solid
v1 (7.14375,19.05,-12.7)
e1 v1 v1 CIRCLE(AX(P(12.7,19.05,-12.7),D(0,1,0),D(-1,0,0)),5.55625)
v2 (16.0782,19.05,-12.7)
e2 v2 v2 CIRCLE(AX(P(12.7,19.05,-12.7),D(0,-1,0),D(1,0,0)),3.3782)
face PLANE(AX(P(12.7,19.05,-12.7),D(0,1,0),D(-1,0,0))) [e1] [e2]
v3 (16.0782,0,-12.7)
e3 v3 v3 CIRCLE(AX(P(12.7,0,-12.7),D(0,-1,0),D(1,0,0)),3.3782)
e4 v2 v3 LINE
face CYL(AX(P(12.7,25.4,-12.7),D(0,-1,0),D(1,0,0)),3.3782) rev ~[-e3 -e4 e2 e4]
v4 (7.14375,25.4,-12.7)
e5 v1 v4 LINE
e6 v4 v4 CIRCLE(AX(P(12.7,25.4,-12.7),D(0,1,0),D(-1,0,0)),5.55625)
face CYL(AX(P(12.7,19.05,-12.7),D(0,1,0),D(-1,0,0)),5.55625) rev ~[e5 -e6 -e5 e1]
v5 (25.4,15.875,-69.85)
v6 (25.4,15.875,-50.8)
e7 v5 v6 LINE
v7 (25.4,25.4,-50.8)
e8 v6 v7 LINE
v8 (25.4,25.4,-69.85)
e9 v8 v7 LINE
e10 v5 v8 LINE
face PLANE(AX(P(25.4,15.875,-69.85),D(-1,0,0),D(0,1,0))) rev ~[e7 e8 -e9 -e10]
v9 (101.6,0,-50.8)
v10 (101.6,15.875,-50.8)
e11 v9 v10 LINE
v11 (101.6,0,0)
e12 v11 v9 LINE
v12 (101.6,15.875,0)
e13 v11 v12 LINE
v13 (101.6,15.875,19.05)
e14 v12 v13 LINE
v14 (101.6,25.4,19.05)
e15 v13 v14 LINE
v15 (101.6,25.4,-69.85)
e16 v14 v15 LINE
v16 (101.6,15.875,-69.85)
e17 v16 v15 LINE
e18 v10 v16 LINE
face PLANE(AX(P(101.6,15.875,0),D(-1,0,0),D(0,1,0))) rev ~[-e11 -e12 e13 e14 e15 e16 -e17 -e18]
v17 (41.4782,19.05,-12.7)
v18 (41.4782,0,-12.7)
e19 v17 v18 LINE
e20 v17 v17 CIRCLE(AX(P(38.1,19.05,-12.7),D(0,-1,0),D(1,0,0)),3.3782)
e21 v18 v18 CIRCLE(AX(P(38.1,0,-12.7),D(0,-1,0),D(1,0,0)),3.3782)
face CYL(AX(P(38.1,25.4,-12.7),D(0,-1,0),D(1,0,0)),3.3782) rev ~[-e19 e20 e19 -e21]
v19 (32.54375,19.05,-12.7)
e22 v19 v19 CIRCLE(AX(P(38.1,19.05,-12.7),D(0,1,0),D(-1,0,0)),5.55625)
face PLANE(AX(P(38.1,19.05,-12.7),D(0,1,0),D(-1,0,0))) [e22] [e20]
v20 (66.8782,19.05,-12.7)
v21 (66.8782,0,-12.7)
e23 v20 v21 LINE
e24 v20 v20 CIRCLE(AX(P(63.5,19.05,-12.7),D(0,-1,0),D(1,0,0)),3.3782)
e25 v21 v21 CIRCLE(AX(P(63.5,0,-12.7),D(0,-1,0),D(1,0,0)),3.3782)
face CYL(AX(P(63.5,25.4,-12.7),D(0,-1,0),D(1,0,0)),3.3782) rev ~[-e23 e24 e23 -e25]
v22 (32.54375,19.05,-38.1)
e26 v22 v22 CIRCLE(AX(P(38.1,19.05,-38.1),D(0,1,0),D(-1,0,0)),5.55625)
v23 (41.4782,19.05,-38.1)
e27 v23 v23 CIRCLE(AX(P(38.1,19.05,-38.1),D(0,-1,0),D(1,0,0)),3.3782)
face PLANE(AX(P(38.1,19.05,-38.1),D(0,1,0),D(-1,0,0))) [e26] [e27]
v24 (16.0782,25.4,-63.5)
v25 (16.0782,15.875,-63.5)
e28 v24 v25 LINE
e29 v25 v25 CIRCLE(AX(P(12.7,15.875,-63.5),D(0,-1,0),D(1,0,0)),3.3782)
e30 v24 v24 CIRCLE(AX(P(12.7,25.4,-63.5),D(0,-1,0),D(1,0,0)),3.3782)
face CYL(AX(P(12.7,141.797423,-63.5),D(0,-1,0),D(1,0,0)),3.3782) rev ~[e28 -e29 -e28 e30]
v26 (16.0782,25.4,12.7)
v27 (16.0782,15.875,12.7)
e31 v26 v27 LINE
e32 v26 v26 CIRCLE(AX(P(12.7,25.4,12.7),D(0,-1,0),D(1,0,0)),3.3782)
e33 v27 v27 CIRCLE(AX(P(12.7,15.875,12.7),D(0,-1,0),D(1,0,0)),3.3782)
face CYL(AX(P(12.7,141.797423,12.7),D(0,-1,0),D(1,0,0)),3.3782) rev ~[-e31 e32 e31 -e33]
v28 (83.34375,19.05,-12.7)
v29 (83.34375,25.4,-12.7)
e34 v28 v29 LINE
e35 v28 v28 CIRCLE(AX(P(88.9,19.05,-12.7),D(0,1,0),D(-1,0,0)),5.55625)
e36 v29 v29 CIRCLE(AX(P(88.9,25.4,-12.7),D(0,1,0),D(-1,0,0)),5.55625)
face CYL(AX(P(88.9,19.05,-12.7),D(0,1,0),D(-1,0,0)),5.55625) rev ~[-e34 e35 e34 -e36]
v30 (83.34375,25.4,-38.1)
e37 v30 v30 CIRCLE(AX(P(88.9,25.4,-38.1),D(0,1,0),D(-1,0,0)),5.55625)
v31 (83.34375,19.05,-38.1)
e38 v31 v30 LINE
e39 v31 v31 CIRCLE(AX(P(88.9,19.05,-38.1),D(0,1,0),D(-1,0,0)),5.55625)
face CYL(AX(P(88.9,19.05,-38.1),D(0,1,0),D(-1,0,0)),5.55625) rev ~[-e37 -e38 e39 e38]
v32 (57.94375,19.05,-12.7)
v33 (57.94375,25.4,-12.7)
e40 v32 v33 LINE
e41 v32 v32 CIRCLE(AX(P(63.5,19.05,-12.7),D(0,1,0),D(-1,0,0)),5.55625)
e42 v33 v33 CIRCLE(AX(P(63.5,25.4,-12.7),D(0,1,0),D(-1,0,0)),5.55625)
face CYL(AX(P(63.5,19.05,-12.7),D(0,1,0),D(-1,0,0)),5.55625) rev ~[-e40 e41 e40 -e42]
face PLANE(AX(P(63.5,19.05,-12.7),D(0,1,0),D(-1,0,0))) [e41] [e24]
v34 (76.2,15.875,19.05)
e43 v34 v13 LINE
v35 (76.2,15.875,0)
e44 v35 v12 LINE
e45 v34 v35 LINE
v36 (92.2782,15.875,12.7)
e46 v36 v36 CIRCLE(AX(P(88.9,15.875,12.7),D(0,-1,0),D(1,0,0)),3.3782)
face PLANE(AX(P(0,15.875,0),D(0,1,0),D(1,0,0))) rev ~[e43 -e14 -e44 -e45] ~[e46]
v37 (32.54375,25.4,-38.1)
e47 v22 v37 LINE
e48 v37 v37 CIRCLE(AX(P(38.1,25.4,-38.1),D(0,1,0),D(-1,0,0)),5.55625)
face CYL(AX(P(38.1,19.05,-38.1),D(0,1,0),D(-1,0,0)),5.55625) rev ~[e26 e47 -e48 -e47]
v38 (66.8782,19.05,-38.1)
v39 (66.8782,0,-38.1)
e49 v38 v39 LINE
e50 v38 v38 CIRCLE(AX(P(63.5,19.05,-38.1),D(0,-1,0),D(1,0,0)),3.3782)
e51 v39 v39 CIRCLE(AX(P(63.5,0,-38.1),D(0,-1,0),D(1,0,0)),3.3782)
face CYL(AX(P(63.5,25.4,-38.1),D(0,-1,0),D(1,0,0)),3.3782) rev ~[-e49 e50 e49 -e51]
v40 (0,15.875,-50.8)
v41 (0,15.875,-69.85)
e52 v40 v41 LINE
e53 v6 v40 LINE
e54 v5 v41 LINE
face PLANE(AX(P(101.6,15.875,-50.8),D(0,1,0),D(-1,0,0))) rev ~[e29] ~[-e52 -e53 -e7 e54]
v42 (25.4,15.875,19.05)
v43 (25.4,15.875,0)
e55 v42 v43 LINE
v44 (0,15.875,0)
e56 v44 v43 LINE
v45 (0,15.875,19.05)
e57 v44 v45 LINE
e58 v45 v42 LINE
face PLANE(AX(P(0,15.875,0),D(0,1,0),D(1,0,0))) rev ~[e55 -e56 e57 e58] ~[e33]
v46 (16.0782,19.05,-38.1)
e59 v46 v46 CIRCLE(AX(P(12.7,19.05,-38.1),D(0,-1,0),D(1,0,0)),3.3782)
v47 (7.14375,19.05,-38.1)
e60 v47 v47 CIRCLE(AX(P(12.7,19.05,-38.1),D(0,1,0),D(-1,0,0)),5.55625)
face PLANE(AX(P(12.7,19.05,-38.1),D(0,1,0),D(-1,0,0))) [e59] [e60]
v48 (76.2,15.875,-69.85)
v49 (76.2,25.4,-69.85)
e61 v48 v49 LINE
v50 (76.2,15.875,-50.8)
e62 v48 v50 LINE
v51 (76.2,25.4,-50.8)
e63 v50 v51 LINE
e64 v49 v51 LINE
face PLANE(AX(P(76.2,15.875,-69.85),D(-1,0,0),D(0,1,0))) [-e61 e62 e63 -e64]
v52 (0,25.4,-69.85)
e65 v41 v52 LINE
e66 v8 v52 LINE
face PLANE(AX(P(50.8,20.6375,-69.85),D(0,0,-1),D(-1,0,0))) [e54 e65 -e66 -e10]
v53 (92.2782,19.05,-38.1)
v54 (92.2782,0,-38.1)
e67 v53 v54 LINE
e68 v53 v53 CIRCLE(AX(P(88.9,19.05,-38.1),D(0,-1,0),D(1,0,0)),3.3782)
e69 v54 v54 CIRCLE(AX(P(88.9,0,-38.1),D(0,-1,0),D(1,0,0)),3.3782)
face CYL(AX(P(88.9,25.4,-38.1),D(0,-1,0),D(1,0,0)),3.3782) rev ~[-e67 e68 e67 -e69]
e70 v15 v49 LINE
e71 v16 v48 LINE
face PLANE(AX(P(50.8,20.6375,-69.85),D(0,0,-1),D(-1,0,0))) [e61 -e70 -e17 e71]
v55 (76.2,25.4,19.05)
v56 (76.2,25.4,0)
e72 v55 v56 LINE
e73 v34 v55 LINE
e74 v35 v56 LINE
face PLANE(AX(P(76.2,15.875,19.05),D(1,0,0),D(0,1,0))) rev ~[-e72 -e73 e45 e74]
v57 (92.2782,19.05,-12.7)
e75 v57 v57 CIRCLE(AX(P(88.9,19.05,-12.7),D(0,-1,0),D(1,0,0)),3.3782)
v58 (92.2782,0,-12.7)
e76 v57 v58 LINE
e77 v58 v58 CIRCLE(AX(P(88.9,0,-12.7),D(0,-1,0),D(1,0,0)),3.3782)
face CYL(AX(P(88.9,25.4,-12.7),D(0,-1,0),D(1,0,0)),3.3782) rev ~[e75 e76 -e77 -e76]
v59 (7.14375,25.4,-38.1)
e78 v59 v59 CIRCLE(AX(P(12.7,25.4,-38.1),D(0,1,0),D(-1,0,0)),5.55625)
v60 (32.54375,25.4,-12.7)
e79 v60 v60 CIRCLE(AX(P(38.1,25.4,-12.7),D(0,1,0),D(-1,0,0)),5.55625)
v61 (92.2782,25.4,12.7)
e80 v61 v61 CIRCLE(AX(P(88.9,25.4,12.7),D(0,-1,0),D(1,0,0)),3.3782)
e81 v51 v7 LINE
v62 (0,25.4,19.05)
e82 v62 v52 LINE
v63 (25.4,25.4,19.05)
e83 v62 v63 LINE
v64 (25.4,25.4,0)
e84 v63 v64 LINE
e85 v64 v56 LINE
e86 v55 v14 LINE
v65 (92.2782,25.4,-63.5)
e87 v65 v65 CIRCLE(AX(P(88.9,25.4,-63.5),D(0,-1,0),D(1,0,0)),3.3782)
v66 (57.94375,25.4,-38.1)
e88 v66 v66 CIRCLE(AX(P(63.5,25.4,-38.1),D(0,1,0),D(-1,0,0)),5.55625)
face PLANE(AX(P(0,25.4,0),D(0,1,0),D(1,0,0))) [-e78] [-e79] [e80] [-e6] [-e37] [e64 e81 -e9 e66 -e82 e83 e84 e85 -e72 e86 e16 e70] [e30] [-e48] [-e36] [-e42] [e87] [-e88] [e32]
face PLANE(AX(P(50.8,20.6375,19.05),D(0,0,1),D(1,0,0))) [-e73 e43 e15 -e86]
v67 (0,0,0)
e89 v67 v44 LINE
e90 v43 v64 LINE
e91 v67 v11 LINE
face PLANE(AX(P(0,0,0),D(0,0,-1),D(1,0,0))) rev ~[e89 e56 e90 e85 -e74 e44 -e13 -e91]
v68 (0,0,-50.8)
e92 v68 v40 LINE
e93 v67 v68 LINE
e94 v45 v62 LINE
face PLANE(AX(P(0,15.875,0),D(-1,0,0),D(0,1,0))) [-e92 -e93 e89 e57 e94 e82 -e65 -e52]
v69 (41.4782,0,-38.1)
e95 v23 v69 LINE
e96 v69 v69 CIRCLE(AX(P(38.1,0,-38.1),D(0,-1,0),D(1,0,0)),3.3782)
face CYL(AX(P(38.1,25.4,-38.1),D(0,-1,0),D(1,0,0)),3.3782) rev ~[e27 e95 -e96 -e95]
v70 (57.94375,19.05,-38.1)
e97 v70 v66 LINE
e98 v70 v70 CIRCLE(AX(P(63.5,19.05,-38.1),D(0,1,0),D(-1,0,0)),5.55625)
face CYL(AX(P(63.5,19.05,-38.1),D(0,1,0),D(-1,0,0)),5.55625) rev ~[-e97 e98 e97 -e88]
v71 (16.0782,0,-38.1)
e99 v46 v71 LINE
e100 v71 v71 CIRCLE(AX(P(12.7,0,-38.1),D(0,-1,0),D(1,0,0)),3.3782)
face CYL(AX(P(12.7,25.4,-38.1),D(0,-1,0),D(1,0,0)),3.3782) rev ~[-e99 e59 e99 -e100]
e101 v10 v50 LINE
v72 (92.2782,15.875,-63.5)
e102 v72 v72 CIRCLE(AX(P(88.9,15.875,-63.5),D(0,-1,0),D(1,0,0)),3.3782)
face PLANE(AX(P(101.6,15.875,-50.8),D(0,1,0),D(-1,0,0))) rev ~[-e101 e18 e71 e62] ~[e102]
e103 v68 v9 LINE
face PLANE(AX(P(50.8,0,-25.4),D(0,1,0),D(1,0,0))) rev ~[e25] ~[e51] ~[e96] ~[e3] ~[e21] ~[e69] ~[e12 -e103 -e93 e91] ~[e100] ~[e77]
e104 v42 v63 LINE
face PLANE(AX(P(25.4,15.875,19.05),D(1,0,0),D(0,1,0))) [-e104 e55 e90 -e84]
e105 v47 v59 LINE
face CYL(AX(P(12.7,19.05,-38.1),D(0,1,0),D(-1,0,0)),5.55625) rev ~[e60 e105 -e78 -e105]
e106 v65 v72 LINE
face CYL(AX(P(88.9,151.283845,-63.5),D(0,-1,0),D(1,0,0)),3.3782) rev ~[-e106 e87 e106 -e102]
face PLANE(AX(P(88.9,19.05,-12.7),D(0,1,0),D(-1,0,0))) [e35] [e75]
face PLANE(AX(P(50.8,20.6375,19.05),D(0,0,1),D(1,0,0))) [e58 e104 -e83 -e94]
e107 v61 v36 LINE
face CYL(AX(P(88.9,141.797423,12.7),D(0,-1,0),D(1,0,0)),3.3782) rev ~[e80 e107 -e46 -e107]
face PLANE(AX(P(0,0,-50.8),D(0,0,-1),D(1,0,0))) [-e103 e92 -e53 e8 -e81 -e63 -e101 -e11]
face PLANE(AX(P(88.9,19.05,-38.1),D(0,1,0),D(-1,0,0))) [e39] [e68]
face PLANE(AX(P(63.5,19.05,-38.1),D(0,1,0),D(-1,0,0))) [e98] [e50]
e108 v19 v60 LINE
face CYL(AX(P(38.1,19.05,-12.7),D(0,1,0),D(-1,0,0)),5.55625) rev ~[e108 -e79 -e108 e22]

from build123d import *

# Parameters (mm, degrees)
SKETCH1_W                                        = 101.6
SKETCH1_H                                        = 50.8
BOSS_EXTRUDE1_DEPTH                              = 25.4
CBORE_FOR_1_4_SOCKET_HEAD_CAP_SCREW1_D           = 6.7564
CBORE_FOR_1_4_SOCKET_HEAD_CAP_SCREW1_CBORE_D     = 11.1125
CBORE_FOR_1_4_SOCKET_HEAD_CAP_SCREW1_CBORE_DEPTH = 6.35
LPATTERN1_COUNT                                  = 2
LPATTERN1_PITCH                                  = 25.4
LPATTERN1_COUNT_DIR2                             = 4
LPATTERN1_PITCH_DIR2                             = 25.4
F_1_4_CLEARANCE_HOLE1_D                          = 6.7564
LPATTERN2_COUNT                                  = 4
LPATTERN2_PITCH                                  = 25.4
SKETCH7_W                                        = 101.6
SKETCH7_H                                        = 9.525
BOSS_EXTRUDE2_DEPTH                              = 19.05
LPATTERN3_COUNT                                  = 2
LPATTERN3_PITCH                                  = 25.4
LPATTERN4_COPY_1_D                               = 6.7564
LPATTERN4_COPY_2_D                               = 6.7564
SKETCH11_W                                       = 101.6
SKETCH11_H                                       = 9.525
BOSS_EXTRUDE3_DEPTH                              = 19.05
SKETCH8_W                                        = 50.8
SKETCH8_H                                        = 9.525
CUT_EXTRUDE1_DEPTH                               = 19.05
SKETCH12_W                                       = 50.8
SKETCH12_H                                       = 9.525
CUT_EXTRUDE2_DEPTH                               = 19.05
LPATTERN5_COUNT                                  = 2
LPATTERN5_PITCH                                  = 50.8
LPATTERN5_COUNT_DIR2                             = 2
LPATTERN5_PITCH_DIR2                             = 76.2


with BuildPart() as part:
    # Sketch1 → Boss-Extrude1 (new body)
    with BuildSketch(Plane(origin=(0, 0, 0), x_dir=(1, 0, 0), z_dir=(0, 1, 0))):
        with Locations((50.8, 25.4)):
            Rectangle(SKETCH1_W, SKETCH1_H)
    extrude(amount=BOSS_EXTRUDE1_DEPTH)

    # CBORE for 1/4 Socket Head Cap Screw1 (through all)
    with Locations(Plane(origin=(0, 25.4, 0), x_dir=(-1, 0, 0), z_dir=(0, 1, 0))):
        with Locations((-12.7, -12.7)):
            cbore_for_1_4_socket_head_cap_screw1 = CounterBoreHole(CBORE_FOR_1_4_SOCKET_HEAD_CAP_SCREW1_D / 2, CBORE_FOR_1_4_SOCKET_HEAD_CAP_SCREW1_CBORE_D / 2, CBORE_FOR_1_4_SOCKET_HEAD_CAP_SCREW1_CBORE_DEPTH)

    # LPattern1: CBORE for 1_4 Socket Head Cap Screw1 2 × 4
    with Locations(*[(j * LPATTERN1_PITCH_DIR2, 0, -i * LPATTERN1_PITCH) for i in range(LPATTERN1_COUNT) for j in range(LPATTERN1_COUNT_DIR2) if (i, j) != (0, 0)]):
        add(cbore_for_1_4_socket_head_cap_screw1, mode=Mode.SUBTRACT)

    # 1/4 Clearance Hole1 (through all)
    with Locations(Plane(origin=(0, 25.4, 0), x_dir=(-1, 0, 0), z_dir=(0, 1, 0))):
        with Locations((-12.7, -38.1)):
            f_1_4_clearance_hole1 = Hole(F_1_4_CLEARANCE_HOLE1_D / 2)

    # LPattern2: 1/4 Clearance Hole1 ×4
    with Locations(*[(-i * LPATTERN2_PITCH, 0, 0) for i in range(1, LPATTERN2_COUNT)]):
        add(f_1_4_clearance_hole1, mode=Mode.SUBTRACT)

    # Sketch7 → Boss-Extrude2 (add)
    with BuildSketch(Plane(origin=(0, 0, -50.8), x_dir=(-1, 0, 0), z_dir=(0, 0, -1))):
        with Locations((-50.8, 20.6375)):
            Rectangle(SKETCH7_W, SKETCH7_H)
    extrude(amount=BOSS_EXTRUDE2_DEPTH)

    # LPattern3: 1/4 Clearance Hole1 ×2
    with Locations(*[(0, 0, -i * LPATTERN3_PITCH) for i in range(1, LPATTERN3_COUNT)]):
        add(f_1_4_clearance_hole1, mode=Mode.SUBTRACT)

    # LPattern4 copy 1 (through all)
    with Locations(Plane(origin=(76.2, 25.4, -25.4), x_dir=(-1, 0, 0), z_dir=(0, 1, 0))):
        with Locations((-12.7, -38.1)):
            Hole(LPATTERN4_COPY_1_D / 2)

    # LPattern4 copy 2 (through all)
    with Locations(Plane(origin=(76.2, 25.4, 0), x_dir=(-1, 0, 0), z_dir=(0, 1, 0))):
        with Locations((-12.7, -38.1)):
            Hole(LPATTERN4_COPY_2_D / 2)

    # Sketch11 → Boss-Extrude3 (add)
    with BuildSketch(Plane.XY):
        with Locations((50.8, 20.6375)):
            Rectangle(SKETCH11_W, SKETCH11_H)
    extrude(amount=BOSS_EXTRUDE3_DEPTH)

    # Sketch8 → Cut-Extrude1 (cut)
    with BuildSketch(Plane(origin=(0, 0, -69.85), x_dir=(-1, 0, 0), z_dir=(0, 0, -1))):
        with Locations((-50.8, 20.6375)):
            Rectangle(SKETCH8_W, SKETCH8_H)
    extrude(amount=-CUT_EXTRUDE1_DEPTH, mode=Mode.SUBTRACT)

    # Sketch12 → Cut-Extrude2 (cut)
    with BuildSketch(Plane.XY.offset(19.05)):
        with Locations((50.8, 20.6375)):
            Rectangle(SKETCH12_W, SKETCH12_H)
    extrude(amount=-CUT_EXTRUDE2_DEPTH, mode=Mode.SUBTRACT)

    # LPattern5: 1_4 Clearance Hole1 2 × 2
    with Locations(*[(j * LPATTERN5_PITCH_DIR2, 0, i * LPATTERN5_PITCH) for i in range(LPATTERN5_COUNT) for j in range(LPATTERN5_COUNT_DIR2) if (i, j) != (0, 0)]):
        add(f_1_4_clearance_hole1, mode=Mode.SUBTRACT)


solid = part.part
